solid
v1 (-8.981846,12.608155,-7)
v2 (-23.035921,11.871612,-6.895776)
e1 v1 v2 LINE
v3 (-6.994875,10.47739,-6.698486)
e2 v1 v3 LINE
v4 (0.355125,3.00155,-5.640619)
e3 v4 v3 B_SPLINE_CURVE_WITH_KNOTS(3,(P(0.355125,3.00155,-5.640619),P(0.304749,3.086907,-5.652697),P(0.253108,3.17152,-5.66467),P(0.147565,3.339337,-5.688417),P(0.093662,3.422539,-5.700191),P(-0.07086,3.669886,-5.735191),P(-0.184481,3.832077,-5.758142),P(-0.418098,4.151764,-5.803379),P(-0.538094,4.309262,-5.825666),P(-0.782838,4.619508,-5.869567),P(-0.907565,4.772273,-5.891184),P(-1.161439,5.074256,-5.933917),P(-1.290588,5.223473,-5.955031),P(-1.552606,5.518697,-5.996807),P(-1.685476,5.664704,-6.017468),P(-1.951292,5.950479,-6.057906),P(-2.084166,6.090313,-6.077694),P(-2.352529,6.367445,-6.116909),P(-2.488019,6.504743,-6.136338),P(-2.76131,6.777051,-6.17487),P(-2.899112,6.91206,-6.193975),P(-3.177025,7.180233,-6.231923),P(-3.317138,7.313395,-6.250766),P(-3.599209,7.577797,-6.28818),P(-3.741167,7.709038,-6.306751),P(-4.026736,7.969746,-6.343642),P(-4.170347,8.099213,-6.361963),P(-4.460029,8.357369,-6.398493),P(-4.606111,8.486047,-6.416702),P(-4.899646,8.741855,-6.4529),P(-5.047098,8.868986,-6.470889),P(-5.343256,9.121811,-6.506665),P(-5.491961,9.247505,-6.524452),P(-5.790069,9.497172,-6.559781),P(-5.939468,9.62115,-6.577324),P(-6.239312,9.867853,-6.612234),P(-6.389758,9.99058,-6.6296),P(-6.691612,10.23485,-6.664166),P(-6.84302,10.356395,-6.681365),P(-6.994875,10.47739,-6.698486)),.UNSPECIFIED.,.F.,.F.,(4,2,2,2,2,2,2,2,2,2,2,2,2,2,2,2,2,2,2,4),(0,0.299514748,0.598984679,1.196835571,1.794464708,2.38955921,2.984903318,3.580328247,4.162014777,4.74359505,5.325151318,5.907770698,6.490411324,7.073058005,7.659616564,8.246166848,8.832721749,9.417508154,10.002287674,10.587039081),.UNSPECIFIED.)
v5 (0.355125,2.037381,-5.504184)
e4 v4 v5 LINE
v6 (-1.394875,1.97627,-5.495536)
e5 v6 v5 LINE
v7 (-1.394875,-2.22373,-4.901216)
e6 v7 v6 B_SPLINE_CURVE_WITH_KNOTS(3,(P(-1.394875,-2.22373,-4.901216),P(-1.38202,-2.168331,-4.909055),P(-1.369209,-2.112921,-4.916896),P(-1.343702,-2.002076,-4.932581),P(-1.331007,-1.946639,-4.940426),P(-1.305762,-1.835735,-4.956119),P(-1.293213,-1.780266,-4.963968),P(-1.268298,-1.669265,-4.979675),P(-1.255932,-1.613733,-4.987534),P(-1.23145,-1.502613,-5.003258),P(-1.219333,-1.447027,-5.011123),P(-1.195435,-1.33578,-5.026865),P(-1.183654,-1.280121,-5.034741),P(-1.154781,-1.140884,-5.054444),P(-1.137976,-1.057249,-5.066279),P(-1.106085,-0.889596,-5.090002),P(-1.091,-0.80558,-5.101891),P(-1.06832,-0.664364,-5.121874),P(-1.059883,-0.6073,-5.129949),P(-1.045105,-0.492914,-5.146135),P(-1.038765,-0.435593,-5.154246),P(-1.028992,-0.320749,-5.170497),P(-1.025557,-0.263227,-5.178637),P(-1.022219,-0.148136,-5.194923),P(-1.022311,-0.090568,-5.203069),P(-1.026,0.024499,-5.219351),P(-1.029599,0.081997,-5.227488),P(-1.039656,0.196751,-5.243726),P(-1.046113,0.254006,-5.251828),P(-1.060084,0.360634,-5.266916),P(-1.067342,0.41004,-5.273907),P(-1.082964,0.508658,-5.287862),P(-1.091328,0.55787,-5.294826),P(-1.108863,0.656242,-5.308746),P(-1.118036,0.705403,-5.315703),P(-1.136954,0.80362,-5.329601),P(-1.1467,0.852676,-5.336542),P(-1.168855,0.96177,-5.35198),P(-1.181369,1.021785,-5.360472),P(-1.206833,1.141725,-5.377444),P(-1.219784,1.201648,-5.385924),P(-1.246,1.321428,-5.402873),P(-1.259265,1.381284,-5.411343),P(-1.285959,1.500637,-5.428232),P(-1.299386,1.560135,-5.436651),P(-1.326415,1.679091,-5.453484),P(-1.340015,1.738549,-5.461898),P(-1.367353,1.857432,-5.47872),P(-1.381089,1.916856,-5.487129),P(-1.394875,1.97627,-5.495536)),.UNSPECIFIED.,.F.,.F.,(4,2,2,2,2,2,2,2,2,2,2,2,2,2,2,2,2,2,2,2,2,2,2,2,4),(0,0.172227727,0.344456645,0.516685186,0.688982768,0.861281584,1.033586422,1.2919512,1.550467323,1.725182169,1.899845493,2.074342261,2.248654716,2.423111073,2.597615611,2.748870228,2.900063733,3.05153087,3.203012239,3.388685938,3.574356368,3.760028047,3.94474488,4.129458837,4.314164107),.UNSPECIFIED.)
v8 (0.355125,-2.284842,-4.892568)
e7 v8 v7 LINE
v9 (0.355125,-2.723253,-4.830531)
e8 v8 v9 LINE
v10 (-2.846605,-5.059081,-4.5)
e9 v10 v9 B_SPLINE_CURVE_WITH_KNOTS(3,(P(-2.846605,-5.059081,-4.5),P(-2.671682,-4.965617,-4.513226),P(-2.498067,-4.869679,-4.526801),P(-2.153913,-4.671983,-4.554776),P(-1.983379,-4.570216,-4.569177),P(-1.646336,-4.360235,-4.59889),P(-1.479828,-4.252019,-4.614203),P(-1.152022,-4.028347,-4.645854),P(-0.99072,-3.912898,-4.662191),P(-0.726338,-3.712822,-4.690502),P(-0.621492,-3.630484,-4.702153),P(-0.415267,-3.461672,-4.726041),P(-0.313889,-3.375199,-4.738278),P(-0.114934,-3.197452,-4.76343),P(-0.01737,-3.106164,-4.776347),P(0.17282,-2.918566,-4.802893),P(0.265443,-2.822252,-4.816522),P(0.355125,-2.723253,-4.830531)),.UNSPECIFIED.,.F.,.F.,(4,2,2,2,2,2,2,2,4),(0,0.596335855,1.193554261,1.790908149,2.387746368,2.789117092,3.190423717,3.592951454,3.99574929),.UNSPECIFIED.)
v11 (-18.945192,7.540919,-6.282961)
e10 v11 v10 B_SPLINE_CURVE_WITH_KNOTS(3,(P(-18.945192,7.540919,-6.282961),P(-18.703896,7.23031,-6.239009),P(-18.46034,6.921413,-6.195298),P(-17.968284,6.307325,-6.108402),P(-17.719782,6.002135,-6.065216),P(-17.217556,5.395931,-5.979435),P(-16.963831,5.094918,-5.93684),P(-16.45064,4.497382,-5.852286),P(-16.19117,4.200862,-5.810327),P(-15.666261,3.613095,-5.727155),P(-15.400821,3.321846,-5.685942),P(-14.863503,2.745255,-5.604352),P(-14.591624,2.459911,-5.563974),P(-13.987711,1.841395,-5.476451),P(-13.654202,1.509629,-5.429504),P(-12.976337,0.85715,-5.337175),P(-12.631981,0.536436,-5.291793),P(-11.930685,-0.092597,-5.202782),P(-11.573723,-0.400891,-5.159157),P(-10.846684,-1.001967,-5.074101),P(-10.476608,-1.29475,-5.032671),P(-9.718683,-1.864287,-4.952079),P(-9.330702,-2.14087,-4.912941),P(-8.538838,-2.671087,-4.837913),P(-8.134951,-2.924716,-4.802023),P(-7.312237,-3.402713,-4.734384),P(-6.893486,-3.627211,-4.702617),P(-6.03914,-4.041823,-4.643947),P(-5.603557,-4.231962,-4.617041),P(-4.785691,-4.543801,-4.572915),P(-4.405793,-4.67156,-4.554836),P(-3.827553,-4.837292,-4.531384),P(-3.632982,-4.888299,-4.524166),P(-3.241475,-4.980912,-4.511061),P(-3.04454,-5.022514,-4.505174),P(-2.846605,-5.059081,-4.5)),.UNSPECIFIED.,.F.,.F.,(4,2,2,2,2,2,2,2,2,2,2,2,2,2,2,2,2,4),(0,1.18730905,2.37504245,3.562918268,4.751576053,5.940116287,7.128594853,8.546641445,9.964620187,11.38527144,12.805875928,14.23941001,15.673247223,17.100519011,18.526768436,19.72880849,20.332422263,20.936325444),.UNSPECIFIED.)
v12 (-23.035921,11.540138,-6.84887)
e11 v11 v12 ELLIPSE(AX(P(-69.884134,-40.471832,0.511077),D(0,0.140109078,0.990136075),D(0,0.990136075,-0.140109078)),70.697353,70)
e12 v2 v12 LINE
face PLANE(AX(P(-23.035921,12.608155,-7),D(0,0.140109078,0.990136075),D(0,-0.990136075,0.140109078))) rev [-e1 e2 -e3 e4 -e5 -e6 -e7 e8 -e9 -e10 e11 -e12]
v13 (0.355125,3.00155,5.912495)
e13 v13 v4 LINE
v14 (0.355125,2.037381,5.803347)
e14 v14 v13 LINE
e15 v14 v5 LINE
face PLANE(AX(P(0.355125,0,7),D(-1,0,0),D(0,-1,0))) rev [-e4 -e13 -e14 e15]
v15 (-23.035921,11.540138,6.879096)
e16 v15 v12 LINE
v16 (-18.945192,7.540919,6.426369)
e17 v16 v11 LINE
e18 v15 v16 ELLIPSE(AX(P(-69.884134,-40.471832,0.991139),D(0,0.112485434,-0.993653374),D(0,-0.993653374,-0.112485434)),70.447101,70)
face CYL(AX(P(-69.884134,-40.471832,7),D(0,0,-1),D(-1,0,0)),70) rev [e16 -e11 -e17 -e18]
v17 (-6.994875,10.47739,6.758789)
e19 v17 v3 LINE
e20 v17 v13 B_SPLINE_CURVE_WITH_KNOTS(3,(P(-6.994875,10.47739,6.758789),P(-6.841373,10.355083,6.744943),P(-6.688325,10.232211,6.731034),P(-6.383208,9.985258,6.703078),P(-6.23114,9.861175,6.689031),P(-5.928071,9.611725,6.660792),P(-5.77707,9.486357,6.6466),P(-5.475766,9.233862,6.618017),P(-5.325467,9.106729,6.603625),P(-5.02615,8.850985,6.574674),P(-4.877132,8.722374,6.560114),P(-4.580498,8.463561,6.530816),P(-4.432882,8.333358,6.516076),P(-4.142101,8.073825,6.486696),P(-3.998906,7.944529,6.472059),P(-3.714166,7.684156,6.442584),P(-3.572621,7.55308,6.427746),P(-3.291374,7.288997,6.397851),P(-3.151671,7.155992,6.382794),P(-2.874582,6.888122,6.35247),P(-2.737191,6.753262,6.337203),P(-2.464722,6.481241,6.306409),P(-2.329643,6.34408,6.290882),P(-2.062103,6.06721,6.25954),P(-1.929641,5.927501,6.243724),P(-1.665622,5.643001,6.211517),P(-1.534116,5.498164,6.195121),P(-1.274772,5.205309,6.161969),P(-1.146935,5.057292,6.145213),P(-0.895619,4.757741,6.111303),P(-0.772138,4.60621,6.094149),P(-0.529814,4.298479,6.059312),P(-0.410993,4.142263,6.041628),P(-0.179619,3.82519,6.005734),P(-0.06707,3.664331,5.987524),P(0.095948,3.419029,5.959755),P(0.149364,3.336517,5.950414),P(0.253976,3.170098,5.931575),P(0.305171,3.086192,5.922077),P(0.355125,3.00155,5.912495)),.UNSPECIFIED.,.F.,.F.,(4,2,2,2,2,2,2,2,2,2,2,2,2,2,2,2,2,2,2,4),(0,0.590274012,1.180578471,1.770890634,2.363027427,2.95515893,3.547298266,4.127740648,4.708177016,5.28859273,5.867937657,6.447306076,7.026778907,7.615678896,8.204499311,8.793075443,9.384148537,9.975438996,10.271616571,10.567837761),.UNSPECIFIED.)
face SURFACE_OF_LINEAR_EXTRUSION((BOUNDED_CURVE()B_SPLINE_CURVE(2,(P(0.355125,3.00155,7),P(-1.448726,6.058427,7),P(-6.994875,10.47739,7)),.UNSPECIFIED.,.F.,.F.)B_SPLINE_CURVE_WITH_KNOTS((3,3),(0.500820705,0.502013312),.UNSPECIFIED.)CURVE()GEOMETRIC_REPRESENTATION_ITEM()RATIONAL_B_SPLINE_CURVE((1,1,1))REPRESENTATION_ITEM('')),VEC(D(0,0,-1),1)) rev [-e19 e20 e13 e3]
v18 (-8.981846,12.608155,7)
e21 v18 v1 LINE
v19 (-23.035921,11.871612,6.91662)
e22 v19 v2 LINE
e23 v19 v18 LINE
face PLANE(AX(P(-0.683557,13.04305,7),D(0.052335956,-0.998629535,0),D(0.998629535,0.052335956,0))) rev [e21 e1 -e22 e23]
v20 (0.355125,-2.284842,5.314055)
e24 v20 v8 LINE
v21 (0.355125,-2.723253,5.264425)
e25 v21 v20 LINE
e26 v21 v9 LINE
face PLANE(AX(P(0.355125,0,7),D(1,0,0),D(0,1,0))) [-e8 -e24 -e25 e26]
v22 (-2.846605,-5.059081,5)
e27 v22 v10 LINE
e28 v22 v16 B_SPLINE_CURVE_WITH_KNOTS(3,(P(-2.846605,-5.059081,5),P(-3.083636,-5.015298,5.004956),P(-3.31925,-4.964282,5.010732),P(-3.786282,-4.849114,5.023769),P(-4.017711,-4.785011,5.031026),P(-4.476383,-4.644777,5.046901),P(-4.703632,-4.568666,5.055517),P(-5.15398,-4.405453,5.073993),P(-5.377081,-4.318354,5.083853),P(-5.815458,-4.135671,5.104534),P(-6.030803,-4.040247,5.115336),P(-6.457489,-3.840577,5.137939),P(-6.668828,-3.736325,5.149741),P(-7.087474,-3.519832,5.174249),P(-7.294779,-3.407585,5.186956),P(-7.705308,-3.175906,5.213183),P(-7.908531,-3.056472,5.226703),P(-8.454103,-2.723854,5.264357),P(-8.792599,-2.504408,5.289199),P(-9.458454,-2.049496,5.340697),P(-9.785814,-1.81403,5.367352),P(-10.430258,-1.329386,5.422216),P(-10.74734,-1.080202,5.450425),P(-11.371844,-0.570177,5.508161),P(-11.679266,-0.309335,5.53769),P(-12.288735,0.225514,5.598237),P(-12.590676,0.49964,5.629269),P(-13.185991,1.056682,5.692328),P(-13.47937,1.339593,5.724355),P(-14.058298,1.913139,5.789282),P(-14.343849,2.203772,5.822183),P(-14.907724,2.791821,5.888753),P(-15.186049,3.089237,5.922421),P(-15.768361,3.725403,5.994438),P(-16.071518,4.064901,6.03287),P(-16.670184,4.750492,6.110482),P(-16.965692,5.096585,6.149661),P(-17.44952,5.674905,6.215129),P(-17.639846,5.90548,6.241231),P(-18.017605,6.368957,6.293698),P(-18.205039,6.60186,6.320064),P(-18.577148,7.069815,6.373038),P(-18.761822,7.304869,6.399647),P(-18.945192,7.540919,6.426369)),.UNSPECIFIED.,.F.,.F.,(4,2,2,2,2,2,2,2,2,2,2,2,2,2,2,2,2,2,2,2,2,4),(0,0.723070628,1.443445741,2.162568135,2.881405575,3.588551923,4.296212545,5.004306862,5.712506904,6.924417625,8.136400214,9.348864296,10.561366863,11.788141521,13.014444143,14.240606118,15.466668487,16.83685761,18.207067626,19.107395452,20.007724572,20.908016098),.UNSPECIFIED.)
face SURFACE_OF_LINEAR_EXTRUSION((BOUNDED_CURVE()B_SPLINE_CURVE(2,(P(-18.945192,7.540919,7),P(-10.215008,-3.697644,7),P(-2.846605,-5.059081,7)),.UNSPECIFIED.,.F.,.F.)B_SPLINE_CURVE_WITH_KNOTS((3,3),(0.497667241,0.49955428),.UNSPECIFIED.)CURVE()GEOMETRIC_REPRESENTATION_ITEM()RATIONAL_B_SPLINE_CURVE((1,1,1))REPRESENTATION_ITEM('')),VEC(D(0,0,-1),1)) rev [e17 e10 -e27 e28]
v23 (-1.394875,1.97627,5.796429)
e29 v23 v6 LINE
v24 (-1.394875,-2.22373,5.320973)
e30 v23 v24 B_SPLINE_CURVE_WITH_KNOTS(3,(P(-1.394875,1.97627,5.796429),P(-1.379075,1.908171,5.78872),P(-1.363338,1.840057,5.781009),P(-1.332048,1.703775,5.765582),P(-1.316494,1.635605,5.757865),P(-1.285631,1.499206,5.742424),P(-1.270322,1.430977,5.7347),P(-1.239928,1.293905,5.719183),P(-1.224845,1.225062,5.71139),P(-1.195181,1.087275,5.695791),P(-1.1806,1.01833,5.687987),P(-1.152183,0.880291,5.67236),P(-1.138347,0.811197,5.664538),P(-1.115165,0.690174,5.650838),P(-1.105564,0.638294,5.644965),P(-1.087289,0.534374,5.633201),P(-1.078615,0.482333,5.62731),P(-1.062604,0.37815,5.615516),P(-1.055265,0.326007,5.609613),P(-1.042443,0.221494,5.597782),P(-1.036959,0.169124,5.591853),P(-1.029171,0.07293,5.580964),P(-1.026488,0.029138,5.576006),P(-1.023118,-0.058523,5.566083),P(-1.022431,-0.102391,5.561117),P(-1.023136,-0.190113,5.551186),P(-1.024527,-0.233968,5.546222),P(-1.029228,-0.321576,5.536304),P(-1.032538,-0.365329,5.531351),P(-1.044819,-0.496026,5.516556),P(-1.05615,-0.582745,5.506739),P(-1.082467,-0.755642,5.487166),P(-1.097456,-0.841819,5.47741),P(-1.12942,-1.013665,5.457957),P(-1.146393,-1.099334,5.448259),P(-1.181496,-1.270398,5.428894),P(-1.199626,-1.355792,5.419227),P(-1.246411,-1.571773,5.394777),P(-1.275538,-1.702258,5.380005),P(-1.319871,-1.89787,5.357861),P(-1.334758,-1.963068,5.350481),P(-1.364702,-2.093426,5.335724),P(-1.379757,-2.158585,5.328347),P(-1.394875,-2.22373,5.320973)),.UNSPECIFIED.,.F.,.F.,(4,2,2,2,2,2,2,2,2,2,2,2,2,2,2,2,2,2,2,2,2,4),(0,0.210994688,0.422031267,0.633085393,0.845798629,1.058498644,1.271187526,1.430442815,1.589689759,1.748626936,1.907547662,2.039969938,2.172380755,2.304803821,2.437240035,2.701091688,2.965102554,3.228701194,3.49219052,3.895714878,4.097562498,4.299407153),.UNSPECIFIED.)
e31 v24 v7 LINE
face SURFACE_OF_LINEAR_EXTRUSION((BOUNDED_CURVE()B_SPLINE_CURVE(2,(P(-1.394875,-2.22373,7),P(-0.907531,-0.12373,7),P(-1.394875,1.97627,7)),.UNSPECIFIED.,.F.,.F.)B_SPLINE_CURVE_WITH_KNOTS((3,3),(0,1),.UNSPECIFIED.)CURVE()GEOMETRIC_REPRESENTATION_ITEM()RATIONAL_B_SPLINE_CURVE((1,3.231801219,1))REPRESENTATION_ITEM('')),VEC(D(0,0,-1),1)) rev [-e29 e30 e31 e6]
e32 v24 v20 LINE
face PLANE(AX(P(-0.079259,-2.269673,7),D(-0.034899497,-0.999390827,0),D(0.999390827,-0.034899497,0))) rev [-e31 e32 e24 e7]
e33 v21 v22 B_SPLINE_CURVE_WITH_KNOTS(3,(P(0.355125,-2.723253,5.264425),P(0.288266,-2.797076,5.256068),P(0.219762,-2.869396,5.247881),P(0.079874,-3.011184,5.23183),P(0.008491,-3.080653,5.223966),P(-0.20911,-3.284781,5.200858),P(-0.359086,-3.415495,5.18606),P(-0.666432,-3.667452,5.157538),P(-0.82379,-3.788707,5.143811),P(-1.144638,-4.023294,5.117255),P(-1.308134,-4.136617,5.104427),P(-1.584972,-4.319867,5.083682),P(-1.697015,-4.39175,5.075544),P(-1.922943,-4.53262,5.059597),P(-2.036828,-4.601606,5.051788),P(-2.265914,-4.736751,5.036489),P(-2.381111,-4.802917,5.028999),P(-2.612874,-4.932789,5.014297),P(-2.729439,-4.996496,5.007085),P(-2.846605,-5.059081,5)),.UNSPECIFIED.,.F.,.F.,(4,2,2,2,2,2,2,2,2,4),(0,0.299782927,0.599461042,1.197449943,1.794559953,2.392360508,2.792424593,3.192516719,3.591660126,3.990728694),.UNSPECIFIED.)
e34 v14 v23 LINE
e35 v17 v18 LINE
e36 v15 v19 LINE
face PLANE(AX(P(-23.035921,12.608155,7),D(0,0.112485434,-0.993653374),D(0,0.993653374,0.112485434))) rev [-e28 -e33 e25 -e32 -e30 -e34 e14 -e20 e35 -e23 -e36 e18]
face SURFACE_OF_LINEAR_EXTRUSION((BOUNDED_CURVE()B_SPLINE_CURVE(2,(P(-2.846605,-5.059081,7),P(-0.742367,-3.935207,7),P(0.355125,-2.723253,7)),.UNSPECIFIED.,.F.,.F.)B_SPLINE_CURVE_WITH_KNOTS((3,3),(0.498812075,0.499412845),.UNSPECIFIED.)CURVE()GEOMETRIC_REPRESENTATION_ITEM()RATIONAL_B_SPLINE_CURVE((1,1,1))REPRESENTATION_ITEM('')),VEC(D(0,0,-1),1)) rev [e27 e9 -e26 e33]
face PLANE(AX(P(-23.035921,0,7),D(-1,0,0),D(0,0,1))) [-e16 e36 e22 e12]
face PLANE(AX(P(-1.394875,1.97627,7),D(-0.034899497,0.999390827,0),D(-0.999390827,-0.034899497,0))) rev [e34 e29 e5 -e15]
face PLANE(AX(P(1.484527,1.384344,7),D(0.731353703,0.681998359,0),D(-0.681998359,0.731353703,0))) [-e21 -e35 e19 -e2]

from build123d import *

# Parameters (mm, degrees)
SALIENTE_EXTRUIR1_DEPTH      = 7
SALIENTE_EXTRUIR2_DEPTH      = 7
SALIENTE_EXTRUIR2_DEPTH_BACK = 7
CORTAR_EXTRUIR2_DEPTH        = 28.177550449
CORTAR_EXTRUIR2_DEPTH_BACK   = 28.177550449


with BuildPart() as part:
    # Croquis1 → Saliente-Extruir1 (new, symmetric)
    with BuildSketch(Plane.XY):
        with BuildLine():
            add(Edge.make_bspline(
                [(-18.945192114, 7.540918896), (-10.215008384, -3.697644103), (-2.846604825, -5.059081104)],
                knots=[0.497667241, 0.497667241, 0.497667241, 0.49955428, 0.49955428, 0.49955428], degree=2, weights=[1, 1, 1]))
            add(Edge.make_bspline(
                [(-2.846604825, -5.059081104), (-0.742366882, -3.9352066), (0.355125, -2.723253227)],
                knots=[0.498812075, 0.498812075, 0.498812075, 0.499412845, 0.499412845, 0.499412845], degree=2, weights=[1, 1, 1]))
            Line((0.355125, -2.723253227), (0.355125, -2.284841781))
            Line((0.355125, -2.284841781), (-1.394875, -2.223730435))
            add(Edge.make_bspline(
                [(-1.394875, -2.223730435), (-0.90753067, -0.123730435), (-1.394875, 1.976269565)],
                knots=[0, 0, 0, 1, 1, 1], degree=2, weights=[1, 3.231801219, 1]))
            Line((-1.394875, 1.976269565), (0.355125, 2.284841781))
            Line((0.355125, 2.284841781), (0.355125, 3.001549529))
            add(Edge.make_bspline(
                [(0.355125, 3.001549529), (-1.44872627, 6.058427314), (-6.994875026, 10.477389992)],
                knots=[0.500820705, 0.500820705, 0.500820705, 0.502013312, 0.502013312, 0.502013312], degree=2, weights=[1, 1, 1]))
            Line((-6.994875026, 10.477389992), (-8.981845695, 12.608155172))
            Line((-8.981845695, 12.608155172), (-23.035921146, 11.871612288))
            Line((-23.035921146, 11.871612288), (-23.035921146, 11.54013782))
            ThreePointArc((-23.035921146, 11.54013782), (-20.949684518, 9.582335705), (-18.945192114, 7.540918896))
        make_face()
    extrude(amount=SALIENTE_EXTRUIR1_DEPTH, both=True)

    # Croquis4 → Saliente-Extruir2 (add, two sides: drawn at the far end of the back side and taken through both)
    with BuildSketch(Plane.XY.offset(-SALIENTE_EXTRUIR2_DEPTH_BACK)):
        Polygon((-1.394875, 1.976269565), (0.355125, 2.284841781), (0.355125, 2.037380912), align=None)
    extrude(amount=SALIENTE_EXTRUIR2_DEPTH + SALIENTE_EXTRUIR2_DEPTH_BACK)

    # Croquis6 → Cortar-Extruir2 (cut, two sides: drawn at the far end of the back side and taken through both)
    with BuildSketch(Plane(origin=(0, 0, 0), x_dir=(0, 0, -1), z_dir=(1, 0, 0)).offset(-CORTAR_EXTRUIR2_DEPTH_BACK)):
        Polygon((7, 12.608155172), (7, -5.059081104), (4.5, -5.059081104), align=None)
        Polygon((-7, 12.608155172), (-7, -5.059081104), (-5, -5.059081104), align=None)
    extrude(amount=CORTAR_EXTRUIR2_DEPTH + CORTAR_EXTRUIR2_DEPTH_BACK, mode=Mode.SUBTRACT)


solid = part.part
